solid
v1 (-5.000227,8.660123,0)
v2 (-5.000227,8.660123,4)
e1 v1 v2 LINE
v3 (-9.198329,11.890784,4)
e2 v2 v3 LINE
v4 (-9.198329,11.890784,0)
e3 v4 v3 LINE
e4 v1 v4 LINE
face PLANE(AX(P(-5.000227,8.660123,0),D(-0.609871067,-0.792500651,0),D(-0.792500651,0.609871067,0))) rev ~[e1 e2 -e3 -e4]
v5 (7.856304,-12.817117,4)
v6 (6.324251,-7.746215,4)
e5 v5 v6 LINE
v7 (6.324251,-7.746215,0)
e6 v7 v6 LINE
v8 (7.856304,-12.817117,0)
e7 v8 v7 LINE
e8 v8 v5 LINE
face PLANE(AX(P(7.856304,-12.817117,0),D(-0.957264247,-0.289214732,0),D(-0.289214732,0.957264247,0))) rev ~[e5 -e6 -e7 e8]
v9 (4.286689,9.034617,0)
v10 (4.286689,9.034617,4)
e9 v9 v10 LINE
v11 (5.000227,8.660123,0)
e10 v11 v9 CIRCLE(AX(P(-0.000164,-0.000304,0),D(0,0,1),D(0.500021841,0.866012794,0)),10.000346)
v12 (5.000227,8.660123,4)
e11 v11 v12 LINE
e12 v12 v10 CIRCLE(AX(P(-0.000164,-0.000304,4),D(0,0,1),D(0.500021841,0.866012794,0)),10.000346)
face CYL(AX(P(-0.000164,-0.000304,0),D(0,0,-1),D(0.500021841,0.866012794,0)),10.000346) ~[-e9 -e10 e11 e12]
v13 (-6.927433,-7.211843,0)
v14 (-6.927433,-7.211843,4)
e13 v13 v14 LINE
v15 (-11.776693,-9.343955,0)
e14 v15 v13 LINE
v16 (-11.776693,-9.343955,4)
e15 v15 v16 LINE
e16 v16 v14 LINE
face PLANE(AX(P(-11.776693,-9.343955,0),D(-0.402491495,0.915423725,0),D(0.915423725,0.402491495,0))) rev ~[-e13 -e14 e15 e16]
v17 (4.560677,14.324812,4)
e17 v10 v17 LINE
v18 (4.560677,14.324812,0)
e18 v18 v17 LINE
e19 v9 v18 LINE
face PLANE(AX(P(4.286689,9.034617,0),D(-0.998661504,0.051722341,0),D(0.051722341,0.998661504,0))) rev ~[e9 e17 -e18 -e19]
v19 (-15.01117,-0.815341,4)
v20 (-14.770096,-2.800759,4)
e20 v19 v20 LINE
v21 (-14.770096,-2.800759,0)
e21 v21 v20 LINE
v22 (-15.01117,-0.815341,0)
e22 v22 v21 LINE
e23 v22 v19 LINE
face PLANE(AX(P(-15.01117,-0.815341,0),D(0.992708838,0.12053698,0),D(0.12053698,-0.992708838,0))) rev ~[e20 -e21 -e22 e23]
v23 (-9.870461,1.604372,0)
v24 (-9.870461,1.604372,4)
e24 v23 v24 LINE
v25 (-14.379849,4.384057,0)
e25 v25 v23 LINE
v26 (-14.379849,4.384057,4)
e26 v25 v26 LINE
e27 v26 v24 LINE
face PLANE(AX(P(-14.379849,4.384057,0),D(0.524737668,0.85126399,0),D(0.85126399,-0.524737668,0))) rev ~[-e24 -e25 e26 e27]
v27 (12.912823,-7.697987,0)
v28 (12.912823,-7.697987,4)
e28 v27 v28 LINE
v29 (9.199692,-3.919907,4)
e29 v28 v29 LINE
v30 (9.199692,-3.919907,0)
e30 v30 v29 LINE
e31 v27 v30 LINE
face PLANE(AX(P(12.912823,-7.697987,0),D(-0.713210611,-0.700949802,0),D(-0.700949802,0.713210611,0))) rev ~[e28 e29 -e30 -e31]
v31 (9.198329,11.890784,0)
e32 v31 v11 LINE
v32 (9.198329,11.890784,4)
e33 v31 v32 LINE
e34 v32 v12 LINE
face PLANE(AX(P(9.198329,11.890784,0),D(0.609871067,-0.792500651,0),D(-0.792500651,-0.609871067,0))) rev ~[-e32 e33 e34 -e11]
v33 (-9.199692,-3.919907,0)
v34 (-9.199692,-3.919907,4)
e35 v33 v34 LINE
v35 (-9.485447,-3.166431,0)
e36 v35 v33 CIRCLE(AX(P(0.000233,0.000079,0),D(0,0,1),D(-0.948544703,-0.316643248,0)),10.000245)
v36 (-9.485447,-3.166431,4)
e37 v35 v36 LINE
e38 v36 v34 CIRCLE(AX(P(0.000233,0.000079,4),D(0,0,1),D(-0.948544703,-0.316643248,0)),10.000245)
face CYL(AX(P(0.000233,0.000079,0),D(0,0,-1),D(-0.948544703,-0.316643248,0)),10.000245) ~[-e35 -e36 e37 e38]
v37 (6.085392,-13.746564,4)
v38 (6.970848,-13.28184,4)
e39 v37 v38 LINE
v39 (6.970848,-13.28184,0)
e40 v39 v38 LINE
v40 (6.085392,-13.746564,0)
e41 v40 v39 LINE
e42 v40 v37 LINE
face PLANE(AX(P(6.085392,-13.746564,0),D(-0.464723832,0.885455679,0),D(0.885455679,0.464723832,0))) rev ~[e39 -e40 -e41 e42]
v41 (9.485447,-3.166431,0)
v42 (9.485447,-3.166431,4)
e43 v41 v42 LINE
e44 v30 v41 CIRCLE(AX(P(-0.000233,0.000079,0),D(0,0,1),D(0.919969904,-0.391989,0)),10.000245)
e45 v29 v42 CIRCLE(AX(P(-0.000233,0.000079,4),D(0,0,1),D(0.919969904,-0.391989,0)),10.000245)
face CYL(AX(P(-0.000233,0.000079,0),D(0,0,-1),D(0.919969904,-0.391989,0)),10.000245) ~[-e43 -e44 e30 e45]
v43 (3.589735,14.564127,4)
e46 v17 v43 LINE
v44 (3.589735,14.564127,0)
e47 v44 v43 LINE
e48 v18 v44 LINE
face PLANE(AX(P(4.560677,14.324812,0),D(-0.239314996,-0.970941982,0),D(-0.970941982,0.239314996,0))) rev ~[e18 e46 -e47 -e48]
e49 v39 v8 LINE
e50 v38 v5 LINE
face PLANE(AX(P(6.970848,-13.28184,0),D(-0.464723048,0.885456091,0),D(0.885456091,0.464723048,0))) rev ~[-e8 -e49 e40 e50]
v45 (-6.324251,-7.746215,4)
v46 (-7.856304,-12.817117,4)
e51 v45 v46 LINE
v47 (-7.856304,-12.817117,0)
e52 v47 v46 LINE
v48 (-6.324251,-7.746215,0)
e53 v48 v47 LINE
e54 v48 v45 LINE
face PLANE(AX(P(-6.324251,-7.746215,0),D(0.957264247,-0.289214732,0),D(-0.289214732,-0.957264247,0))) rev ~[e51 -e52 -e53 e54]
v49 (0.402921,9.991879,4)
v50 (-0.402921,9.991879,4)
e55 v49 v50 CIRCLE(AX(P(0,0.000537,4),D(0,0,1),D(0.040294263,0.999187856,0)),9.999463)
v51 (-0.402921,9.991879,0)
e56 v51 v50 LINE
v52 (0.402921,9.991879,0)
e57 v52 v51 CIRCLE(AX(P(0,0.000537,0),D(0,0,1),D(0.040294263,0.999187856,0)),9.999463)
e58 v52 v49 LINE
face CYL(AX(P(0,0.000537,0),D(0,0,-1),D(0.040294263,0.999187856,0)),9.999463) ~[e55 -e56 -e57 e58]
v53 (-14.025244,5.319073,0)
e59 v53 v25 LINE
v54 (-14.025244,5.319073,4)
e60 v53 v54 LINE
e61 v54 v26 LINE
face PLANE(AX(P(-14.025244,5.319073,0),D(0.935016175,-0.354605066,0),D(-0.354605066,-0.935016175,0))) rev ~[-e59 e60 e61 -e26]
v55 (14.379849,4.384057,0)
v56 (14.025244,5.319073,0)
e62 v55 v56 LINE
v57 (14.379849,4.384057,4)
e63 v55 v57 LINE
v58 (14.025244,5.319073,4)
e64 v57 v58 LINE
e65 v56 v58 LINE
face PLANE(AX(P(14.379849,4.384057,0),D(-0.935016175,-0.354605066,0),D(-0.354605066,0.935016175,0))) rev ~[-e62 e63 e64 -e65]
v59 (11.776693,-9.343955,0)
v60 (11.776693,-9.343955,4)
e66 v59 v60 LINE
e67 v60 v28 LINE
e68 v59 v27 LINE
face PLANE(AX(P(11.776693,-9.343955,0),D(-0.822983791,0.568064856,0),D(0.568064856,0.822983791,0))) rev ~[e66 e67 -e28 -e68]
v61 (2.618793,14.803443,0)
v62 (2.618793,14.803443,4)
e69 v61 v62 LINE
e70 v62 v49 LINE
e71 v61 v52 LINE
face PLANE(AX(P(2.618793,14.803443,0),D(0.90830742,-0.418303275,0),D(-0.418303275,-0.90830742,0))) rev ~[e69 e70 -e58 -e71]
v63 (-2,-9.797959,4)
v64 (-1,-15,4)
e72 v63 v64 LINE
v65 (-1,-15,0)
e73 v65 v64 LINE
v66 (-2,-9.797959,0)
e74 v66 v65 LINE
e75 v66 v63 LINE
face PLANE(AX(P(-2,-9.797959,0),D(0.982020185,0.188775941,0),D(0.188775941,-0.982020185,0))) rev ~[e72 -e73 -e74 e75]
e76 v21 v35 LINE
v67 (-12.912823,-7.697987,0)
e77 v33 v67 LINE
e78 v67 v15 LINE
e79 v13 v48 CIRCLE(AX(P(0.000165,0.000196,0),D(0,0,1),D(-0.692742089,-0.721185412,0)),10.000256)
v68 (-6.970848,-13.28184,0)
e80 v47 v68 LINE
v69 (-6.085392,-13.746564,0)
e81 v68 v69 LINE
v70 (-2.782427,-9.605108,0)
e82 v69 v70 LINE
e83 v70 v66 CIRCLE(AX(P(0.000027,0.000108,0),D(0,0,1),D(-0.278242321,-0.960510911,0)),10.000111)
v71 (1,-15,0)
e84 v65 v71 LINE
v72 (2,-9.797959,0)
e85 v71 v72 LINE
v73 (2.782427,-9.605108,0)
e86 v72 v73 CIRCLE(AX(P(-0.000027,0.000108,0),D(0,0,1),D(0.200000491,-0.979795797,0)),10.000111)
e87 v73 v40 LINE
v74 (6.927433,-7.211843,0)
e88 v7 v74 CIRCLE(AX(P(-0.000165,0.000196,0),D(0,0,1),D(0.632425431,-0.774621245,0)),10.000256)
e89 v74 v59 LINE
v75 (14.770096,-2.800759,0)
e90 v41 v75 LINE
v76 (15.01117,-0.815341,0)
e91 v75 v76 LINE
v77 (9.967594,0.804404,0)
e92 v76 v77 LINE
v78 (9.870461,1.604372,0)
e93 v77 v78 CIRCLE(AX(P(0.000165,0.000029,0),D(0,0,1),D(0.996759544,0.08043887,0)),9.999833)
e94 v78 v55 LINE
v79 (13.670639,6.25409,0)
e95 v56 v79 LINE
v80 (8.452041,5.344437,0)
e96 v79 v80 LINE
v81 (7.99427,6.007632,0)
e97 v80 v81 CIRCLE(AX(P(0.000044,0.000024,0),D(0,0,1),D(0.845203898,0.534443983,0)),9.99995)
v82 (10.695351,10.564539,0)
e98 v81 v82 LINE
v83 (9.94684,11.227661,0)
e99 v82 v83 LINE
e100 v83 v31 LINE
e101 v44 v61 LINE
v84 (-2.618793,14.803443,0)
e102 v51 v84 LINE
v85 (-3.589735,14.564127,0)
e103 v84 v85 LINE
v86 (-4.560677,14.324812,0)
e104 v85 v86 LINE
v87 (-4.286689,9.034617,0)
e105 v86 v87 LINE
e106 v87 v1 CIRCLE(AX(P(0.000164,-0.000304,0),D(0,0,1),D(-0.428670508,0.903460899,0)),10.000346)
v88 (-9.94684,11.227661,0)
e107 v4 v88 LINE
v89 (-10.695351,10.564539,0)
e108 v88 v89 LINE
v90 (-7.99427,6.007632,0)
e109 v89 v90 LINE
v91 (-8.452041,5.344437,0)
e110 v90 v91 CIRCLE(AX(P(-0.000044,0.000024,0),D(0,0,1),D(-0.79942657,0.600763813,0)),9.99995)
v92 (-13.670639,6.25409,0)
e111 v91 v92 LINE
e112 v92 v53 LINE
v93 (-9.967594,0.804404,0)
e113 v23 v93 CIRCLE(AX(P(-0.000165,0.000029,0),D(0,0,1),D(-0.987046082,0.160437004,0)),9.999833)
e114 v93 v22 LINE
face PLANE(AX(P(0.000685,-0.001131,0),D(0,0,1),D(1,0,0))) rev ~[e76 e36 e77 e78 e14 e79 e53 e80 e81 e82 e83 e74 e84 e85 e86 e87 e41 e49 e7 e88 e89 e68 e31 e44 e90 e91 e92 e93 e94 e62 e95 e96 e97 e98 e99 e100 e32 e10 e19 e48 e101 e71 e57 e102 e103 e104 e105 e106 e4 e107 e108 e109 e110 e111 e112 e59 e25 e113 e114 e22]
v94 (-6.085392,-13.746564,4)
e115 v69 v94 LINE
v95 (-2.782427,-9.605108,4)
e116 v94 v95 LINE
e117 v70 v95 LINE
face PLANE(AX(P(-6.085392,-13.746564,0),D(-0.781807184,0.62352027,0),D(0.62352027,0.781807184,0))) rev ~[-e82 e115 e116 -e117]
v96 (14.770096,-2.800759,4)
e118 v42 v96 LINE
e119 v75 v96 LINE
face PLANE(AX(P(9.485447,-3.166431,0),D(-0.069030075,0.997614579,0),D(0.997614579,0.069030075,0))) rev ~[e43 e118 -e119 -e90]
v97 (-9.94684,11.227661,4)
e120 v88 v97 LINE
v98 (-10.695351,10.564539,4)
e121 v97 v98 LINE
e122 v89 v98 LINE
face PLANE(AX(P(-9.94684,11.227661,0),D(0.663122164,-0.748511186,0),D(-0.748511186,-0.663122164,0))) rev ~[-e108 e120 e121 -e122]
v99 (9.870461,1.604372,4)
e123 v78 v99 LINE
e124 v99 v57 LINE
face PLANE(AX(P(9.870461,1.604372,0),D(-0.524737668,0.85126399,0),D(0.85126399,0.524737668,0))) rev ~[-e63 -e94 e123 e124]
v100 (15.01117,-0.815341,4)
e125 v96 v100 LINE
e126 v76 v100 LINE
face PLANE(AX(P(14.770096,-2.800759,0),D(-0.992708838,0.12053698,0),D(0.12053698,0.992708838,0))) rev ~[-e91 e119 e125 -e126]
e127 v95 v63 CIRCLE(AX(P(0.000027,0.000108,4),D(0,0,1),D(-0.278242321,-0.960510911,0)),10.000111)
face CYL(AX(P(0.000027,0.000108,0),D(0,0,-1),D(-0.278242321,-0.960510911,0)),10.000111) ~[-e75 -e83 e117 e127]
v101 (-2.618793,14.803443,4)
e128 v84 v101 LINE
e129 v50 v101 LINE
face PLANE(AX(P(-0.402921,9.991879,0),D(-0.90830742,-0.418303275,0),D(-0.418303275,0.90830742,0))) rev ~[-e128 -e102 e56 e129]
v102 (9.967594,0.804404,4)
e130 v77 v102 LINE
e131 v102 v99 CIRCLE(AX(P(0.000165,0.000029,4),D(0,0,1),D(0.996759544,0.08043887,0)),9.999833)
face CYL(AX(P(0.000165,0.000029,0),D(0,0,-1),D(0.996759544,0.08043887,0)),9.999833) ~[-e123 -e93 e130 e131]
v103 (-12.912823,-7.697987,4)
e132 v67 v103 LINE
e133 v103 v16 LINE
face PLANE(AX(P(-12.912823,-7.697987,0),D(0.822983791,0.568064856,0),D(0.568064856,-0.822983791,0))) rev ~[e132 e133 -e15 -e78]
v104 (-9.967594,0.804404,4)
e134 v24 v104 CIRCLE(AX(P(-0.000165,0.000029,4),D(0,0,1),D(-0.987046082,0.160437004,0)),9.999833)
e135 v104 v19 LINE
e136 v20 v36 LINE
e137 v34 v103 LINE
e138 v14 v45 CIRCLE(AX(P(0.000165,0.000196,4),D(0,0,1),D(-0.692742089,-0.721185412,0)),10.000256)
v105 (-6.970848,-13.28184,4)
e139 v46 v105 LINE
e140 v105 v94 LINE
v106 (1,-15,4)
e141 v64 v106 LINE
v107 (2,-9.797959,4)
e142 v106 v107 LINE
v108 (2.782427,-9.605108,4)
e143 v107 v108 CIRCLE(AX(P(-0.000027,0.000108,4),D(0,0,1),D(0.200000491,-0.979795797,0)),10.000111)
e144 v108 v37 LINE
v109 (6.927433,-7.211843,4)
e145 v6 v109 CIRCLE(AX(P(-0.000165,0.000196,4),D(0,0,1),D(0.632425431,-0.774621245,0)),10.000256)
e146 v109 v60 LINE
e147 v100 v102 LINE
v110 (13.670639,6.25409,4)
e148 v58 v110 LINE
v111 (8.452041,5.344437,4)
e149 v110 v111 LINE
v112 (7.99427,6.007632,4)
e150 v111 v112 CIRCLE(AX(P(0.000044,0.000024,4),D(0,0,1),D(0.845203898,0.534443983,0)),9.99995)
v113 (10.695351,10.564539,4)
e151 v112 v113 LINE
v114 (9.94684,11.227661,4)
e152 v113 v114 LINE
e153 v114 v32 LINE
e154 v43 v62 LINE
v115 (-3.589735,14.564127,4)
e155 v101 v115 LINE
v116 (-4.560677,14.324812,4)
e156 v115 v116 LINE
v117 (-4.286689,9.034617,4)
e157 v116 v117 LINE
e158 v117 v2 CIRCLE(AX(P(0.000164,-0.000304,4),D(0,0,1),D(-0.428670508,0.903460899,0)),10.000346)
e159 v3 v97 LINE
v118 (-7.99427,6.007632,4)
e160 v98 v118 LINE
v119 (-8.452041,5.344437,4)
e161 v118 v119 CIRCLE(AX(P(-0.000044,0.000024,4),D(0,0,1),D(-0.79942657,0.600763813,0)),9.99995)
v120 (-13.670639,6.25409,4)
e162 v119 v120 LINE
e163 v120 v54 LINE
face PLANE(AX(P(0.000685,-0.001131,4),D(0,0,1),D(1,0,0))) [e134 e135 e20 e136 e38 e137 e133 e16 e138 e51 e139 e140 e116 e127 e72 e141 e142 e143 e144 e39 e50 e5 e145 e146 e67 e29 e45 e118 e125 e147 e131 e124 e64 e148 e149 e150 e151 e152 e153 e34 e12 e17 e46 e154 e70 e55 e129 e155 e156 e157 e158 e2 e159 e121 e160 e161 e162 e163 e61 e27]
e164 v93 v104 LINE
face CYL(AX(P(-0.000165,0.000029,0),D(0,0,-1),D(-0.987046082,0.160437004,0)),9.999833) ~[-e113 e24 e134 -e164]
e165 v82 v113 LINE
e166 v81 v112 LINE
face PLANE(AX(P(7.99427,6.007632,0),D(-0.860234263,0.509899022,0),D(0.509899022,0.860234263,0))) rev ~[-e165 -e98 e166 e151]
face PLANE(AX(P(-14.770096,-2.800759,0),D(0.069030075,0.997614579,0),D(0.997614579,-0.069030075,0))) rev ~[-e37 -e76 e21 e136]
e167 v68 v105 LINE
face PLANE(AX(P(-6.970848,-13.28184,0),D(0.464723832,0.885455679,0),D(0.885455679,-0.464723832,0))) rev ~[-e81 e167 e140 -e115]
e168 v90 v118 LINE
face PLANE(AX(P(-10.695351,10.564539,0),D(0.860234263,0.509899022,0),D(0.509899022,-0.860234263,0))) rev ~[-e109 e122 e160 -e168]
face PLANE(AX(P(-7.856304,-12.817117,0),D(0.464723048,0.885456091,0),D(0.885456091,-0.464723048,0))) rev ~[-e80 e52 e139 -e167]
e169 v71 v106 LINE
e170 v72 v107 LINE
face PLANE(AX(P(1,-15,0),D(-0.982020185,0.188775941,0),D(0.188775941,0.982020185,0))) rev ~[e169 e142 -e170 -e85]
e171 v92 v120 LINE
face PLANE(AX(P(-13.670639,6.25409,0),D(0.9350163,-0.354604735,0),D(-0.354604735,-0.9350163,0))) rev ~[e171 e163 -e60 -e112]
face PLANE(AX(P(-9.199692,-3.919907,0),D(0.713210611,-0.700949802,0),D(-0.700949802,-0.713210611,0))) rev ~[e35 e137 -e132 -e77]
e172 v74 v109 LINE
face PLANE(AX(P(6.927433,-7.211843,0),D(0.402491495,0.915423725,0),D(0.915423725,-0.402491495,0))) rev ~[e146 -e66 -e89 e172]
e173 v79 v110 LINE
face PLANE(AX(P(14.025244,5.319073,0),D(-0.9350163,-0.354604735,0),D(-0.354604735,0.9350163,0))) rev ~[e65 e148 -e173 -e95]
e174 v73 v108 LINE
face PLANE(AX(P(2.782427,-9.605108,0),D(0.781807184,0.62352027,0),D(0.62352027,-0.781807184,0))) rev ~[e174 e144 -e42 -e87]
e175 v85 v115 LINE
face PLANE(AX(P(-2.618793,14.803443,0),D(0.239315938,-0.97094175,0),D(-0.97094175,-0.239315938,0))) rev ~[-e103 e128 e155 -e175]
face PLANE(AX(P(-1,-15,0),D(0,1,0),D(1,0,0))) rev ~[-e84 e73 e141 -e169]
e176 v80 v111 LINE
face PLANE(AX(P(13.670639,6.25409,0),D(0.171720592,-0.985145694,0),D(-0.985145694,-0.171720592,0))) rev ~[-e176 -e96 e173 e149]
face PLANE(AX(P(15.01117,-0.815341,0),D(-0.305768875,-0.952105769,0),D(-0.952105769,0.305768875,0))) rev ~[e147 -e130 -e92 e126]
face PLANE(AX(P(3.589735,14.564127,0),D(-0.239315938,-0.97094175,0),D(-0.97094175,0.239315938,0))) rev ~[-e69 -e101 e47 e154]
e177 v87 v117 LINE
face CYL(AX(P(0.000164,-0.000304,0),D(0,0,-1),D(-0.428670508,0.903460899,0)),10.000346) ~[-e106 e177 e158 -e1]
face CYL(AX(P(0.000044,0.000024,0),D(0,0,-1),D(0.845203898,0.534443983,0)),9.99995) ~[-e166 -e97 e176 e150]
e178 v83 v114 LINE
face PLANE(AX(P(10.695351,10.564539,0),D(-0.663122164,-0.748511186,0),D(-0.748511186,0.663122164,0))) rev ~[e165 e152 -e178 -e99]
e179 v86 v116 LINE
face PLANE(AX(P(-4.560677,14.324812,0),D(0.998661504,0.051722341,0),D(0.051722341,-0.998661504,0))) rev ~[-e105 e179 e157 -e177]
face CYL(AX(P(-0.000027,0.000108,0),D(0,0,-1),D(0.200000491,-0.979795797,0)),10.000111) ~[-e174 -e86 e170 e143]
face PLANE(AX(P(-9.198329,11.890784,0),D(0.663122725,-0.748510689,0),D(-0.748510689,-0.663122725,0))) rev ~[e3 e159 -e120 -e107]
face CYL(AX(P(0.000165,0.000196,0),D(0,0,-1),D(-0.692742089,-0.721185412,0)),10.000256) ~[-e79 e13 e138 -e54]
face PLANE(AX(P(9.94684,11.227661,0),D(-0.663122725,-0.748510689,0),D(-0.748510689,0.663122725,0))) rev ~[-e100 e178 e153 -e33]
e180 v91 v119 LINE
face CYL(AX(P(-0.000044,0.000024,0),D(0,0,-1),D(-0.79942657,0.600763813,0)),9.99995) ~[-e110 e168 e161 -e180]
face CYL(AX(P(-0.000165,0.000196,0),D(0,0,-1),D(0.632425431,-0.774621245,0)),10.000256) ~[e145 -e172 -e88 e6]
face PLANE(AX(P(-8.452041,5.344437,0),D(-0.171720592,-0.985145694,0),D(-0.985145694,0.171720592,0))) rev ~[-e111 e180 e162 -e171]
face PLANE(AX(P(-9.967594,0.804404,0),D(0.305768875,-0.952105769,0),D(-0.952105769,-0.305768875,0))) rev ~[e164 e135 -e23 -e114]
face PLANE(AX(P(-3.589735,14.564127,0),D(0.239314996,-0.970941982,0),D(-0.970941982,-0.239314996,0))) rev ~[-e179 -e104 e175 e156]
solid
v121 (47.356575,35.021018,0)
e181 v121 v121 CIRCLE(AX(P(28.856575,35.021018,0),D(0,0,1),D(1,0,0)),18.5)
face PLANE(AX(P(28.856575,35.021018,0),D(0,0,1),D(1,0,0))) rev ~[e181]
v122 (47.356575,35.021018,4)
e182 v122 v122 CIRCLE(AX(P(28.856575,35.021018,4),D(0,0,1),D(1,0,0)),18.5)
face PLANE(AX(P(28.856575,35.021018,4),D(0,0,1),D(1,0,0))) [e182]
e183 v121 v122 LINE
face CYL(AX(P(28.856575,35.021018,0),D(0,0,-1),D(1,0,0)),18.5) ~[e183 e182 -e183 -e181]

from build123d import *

# Parameters (mm, degrees)
F0_R     = 18.5
F1_DEPTH = 4


with BuildPart() as f1:
    # F0 (on Top) → F1 (new body)
    with BuildSketch(Plane.XY):
        with BuildLine():
            ThreePointArc((9.485447, -3.166431), (9.870524, -1.603983), (10, 0))
            ThreePointArc((10, 0), (9.991895, 0.402528), (9.967594, 0.804404))
            ThreePointArc((9.967594, 0.804404), (9.927089, 1.205367), (9.870461, 1.604372))
            ThreePointArc((9.870461, 1.604372), (9.350162, 3.546049), (8.452041, 5.344437))
            ThreePointArc((8.452041, 5.344437), (8.229839, 5.680647), (7.99427, 6.007632))
            ThreePointArc((7.99427, 6.007632), (6.631227, 7.485107), (5.000227, 8.660123))
            ThreePointArc((5.000227, 8.660123), (4.647232, 8.85456), (4.286689, 9.034617))
            ThreePointArc((4.286689, 9.034617), (2.393157, 9.709418), (0.402921, 9.991879))
            ThreePointArc((0.402921, 9.991879), (0, 10), (-0.402921, 9.991879))
            ThreePointArc((-0.402921, 9.991879), (-2.393157, 9.709418), (-4.286689, 9.034617))
            ThreePointArc((-4.286689, 9.034617), (-4.647232, 8.85456), (-5.000227, 8.660123))
            ThreePointArc((-5.000227, 8.660123), (-6.631227, 7.485107), (-7.99427, 6.007632))
            ThreePointArc((-7.99427, 6.007632), (-8.229839, 5.680647), (-8.452041, 5.344437))
            ThreePointArc((-8.452041, 5.344437), (-9.350162, 3.546049), (-9.870461, 1.604372))
            ThreePointArc((-9.870461, 1.604372), (-9.927089, 1.205367), (-9.967594, 0.804404))
            ThreePointArc((-9.967594, 0.804404), (-9.927089, -1.205367), (-9.485447, -3.166431))
            ThreePointArc((-9.485447, -3.166431), (-9.350162, -3.546049), (-9.199692, -3.919907))
            ThreePointArc((-9.199692, -3.919907), (-8.229839, -5.680647), (-6.927433, -7.211843))
            ThreePointArc((-6.927433, -7.211843), (-6.631227, -7.485107), (-6.324251, -7.746215))
            ThreePointArc((-6.324251, -7.746215), (-4.647232, -8.85456), (-2.782427, -9.605108))
            ThreePointArc((-2.782427, -9.605108), (-2.393157, -9.709418), (-2, -9.797959))
            ThreePointArc((-2, -9.797959), (-1.00509, -9.949362), (0, -10))
            ThreePointArc((0, -10), (1.00509, -9.949362), (2, -9.797959))
            ThreePointArc((2, -9.797959), (2.393157, -9.709418), (2.782427, -9.605108))
            ThreePointArc((2.782427, -9.605108), (4.647232, -8.85456), (6.324251, -7.746215))
            ThreePointArc((6.324251, -7.746215), (6.631227, -7.485107), (6.927433, -7.211843))
            ThreePointArc((6.927433, -7.211843), (8.229839, -5.680647), (9.199692, -3.919907))
            ThreePointArc((9.199692, -3.919907), (9.350162, -3.546049), (9.485447, -3.166431))
        make_face()
        with BuildLine():
            ThreePointArc((9.967594, 0.804404), (9.991895, 0.402528), (10, 0))
            ThreePointArc((10, 0), (9.870524, -1.603983), (9.485447, -3.166431))
            Line((9.485447, -3.166431), (14.770096, -2.800759))
            Line((14.770096, -2.800759), (14.890633, -1.80805))
            Line((14.890633, -1.80805), (15.01117, -0.815341))
            Line((15.01117, -0.815341), (9.967594, 0.804404))
        make_face()
        with BuildLine():
            ThreePointArc((8.452041, 5.344437), (9.350162, 3.546049), (9.870461, 1.604372))
            Line((9.870461, 1.604372), (14.379849, 4.384057))
            Line((14.379849, 4.384057), (14.025244, 5.319073))
            Line((14.025244, 5.319073), (13.670639, 6.25409))
            Line((13.670639, 6.25409), (8.452041, 5.344437))
        make_face()
        with BuildLine():
            Line((12.912823, -7.697987), (9.199692, -3.919907))
            ThreePointArc((9.199692, -3.919907), (8.229839, -5.680647), (6.927433, -7.211843))
            Line((6.927433, -7.211843), (11.776693, -9.343955))
            Line((11.776693, -9.343955), (12.344758, -8.520971))
            Line((12.344758, -8.520971), (12.912823, -7.697987))
        make_face()
        with BuildLine():
            ThreePointArc((5.000227, 8.660123), (6.631227, 7.485107), (7.99427, 6.007632))
            Line((7.99427, 6.007632), (10.695351, 10.564539))
            Line((10.695351, 10.564539), (9.94684, 11.227661))
            Line((9.94684, 11.227661), (9.198329, 11.890784))
            Line((9.198329, 11.890784), (5.000227, 8.660123))
        make_face()
        with BuildLine():
            Line((7.856304, -12.817117), (6.324251, -7.746215))
            ThreePointArc((6.324251, -7.746215), (4.647232, -8.85456), (2.782427, -9.605108))
            Line((2.782427, -9.605108), (6.085392, -13.746564))
            Line((6.085392, -13.746564), (6.970848, -13.28184))
            Line((6.970848, -13.28184), (7.856304, -12.817117))
        make_face()
        with BuildLine():
            ThreePointArc((0.402921, 9.991879), (2.393157, 9.709418), (4.286689, 9.034617))
            Line((4.286689, 9.034617), (4.560677, 14.324812))
            Line((4.560677, 14.324812), (3.589735, 14.564127))
            Line((3.589735, 14.564127), (2.618793, 14.803443))
            Line((2.618793, 14.803443), (0.402921, 9.991879))
        make_face()
        with BuildLine():
            Line((1, -15), (2, -9.797959))
            ThreePointArc((2, -9.797959), (1.00509, -9.949362), (0, -10))
            Line((0, -10), (0, -15))
            Line((0, -15), (1, -15))
        make_face()
        with BuildLine():
            Line((0, -15), (0, -10))
            ThreePointArc((0, -10), (-1.00509, -9.949362), (-2, -9.797959))
            Line((-2, -9.797959), (-1, -15))
            Line((-1, -15), (0, -15))
        make_face()
        with BuildLine():
            ThreePointArc((-4.286689, 9.034617), (-2.393157, 9.709418), (-0.402921, 9.991879))
            Line((-0.402921, 9.991879), (-2.618793, 14.803443))
            Line((-2.618793, 14.803443), (-3.589735, 14.564127))
            Line((-3.589735, 14.564127), (-4.560677, 14.324812))
            Line((-4.560677, 14.324812), (-4.286689, 9.034617))
        make_face()
        with BuildLine():
            Line((-6.085392, -13.746564), (-2.782427, -9.605108))
            ThreePointArc((-2.782427, -9.605108), (-4.647232, -8.85456), (-6.324251, -7.746215))
            Line((-6.324251, -7.746215), (-7.856304, -12.817117))
            Line((-7.856304, -12.817117), (-6.970848, -13.28184))
            Line((-6.970848, -13.28184), (-6.085392, -13.746564))
        make_face()
        with BuildLine():
            ThreePointArc((-7.99427, 6.007632), (-6.631227, 7.485107), (-5.000227, 8.660123))
            Line((-5.000227, 8.660123), (-9.198329, 11.890784))
            Line((-9.198329, 11.890784), (-9.94684, 11.227661))
            Line((-9.94684, 11.227661), (-10.695351, 10.564539))
            Line((-10.695351, 10.564539), (-7.99427, 6.007632))
        make_face()
        with BuildLine():
            Line((-11.776693, -9.343955), (-6.927433, -7.211843))
            ThreePointArc((-6.927433, -7.211843), (-8.229839, -5.680647), (-9.199692, -3.919907))
            Line((-9.199692, -3.919907), (-12.912823, -7.697987))
            Line((-12.912823, -7.697987), (-12.344758, -8.520971))
            Line((-12.344758, -8.520971), (-11.776693, -9.343955))
        make_face()
        with BuildLine():
            ThreePointArc((-9.870461, 1.604372), (-9.350162, 3.546049), (-8.452041, 5.344437))
            Line((-8.452041, 5.344437), (-13.670639, 6.25409))
            Line((-13.670639, 6.25409), (-14.025244, 5.319073))
            Line((-14.025244, 5.319073), (-14.379849, 4.384057))
            Line((-14.379849, 4.384057), (-9.870461, 1.604372))
        make_face()
        with BuildLine():
            Line((-14.770096, -2.800759), (-9.485447, -3.166431))
            ThreePointArc((-9.485447, -3.166431), (-9.927089, -1.205367), (-9.967594, 0.804404))
            Line((-9.967594, 0.804404), (-15.01117, -0.815341))
            Line((-15.01117, -0.815341), (-14.890633, -1.80805))
            Line((-14.890633, -1.80805), (-14.770096, -2.800759))
        make_face()
        with Locations((28.856575, 35.021018)):
            Circle(F0_R)
    extrude(amount=F1_DEPTH)


solid = f1.part
